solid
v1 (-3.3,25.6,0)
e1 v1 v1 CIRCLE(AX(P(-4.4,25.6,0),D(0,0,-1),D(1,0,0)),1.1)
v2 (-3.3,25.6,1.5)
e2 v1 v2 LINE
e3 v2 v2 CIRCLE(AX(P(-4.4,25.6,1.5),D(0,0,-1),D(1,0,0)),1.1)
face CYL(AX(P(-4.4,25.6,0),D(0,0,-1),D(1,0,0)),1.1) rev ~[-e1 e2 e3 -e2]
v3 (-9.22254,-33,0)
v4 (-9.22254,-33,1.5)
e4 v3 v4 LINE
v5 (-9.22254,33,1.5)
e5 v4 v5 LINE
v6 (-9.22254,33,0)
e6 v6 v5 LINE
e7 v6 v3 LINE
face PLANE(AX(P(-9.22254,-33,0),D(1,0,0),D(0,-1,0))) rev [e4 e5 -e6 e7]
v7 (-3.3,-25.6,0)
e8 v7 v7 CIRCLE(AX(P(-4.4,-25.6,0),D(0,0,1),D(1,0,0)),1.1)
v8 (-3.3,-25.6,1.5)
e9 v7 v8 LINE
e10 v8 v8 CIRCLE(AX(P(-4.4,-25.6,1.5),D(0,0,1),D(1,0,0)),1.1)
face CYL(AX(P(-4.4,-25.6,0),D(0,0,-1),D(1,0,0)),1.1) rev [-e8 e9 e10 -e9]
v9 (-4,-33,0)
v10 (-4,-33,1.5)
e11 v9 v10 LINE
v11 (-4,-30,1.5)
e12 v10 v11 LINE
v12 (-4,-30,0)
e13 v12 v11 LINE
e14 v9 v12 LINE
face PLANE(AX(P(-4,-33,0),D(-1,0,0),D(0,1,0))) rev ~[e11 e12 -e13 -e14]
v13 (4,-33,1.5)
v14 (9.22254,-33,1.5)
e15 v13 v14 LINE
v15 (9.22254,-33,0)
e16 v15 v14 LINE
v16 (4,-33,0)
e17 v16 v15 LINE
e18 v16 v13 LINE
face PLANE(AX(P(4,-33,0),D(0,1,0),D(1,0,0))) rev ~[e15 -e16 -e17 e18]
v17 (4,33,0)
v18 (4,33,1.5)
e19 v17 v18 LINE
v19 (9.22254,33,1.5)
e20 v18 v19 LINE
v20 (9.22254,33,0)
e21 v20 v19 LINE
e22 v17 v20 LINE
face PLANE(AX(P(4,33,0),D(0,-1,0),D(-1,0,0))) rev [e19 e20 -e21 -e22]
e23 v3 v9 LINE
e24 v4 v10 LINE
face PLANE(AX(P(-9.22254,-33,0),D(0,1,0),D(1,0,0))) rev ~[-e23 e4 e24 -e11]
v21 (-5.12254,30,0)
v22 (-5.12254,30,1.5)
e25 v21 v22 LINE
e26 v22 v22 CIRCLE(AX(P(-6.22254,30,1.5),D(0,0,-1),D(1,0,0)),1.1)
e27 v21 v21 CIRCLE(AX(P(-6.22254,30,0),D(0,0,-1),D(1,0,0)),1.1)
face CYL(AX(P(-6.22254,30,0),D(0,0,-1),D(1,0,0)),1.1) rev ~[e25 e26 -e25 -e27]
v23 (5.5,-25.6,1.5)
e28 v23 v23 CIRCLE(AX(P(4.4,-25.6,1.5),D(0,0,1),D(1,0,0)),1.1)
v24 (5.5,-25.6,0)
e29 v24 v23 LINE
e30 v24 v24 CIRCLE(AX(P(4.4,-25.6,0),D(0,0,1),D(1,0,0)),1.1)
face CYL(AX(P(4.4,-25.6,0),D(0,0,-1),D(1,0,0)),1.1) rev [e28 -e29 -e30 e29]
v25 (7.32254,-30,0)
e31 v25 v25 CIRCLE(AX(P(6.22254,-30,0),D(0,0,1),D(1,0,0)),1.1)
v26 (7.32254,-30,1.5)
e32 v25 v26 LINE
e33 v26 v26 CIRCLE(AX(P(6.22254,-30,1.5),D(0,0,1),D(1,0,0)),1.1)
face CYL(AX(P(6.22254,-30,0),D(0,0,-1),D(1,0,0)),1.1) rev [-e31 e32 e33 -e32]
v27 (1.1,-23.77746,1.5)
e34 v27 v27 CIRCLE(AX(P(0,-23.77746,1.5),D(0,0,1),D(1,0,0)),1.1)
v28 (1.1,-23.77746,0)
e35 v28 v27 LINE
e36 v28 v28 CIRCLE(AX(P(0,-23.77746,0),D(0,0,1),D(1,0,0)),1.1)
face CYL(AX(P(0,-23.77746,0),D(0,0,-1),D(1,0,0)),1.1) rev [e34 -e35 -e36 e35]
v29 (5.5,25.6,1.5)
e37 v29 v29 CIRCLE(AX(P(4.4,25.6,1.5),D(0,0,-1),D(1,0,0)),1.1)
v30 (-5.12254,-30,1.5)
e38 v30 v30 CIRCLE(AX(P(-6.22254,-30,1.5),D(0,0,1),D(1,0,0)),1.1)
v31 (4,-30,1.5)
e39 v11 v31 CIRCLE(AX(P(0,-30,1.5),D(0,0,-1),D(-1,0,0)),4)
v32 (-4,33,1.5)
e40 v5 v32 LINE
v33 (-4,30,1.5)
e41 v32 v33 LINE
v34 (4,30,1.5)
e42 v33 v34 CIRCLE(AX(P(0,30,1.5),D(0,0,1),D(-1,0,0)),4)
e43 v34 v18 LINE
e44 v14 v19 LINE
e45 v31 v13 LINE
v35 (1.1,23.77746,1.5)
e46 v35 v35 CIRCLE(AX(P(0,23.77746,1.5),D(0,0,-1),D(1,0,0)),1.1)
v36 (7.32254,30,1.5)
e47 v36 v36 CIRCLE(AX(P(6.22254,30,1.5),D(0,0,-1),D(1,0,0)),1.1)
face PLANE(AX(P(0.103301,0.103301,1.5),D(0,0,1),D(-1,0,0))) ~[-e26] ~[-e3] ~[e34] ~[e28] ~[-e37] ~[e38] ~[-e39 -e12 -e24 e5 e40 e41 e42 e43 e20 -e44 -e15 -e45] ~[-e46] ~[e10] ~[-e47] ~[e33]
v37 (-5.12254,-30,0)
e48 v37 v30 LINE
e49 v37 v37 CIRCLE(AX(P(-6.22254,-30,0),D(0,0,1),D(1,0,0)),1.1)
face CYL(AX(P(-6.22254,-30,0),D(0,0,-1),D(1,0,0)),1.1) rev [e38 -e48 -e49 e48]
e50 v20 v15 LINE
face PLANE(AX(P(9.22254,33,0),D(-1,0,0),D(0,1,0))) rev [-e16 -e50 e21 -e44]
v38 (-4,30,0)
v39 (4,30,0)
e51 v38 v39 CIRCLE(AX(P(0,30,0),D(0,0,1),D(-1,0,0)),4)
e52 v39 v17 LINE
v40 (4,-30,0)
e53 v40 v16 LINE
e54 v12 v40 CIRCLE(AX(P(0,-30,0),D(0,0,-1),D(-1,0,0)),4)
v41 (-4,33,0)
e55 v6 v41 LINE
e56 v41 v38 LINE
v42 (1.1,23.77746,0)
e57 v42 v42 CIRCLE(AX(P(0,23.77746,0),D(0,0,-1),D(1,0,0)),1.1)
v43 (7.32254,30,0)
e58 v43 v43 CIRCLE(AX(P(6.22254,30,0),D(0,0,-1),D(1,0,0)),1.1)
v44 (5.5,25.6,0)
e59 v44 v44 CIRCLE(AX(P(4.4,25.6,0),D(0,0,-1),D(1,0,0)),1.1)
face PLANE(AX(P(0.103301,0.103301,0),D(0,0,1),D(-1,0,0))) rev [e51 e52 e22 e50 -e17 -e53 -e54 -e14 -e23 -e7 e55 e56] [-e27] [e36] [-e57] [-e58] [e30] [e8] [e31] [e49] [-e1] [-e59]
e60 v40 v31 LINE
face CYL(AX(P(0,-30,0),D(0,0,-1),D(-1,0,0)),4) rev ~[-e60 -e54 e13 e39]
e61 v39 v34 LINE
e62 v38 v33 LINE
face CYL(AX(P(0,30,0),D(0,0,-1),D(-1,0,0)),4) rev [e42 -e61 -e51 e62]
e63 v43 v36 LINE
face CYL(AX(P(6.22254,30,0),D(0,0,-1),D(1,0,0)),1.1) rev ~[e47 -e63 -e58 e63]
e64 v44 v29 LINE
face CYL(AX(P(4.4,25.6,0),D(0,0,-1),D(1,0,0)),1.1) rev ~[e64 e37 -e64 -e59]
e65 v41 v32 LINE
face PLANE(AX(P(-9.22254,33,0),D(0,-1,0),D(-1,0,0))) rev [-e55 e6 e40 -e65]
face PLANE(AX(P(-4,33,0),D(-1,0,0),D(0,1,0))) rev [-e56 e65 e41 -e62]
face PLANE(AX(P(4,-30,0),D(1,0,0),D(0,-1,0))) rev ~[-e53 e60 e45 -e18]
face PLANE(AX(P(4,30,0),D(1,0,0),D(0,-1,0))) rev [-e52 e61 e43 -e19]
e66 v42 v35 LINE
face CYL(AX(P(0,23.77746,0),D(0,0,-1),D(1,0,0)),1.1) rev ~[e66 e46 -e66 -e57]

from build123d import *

# Parameters (mm, degrees)
F0_R     = 1.1
F1_DEPTH = 1.5
F2_R     = 1.1
F3_DEPTH = 1.5


with BuildPart() as f1:
    # F0 (on Top) → F1 (new body)
    with BuildSketch(Plane.XY):
        with BuildLine():
            Line((9.22254, 33), (-9.22254, 33))
            Line((-9.22254, 33), (-9.22254, -33))
            Line((-9.22254, -33), (-4, -33))
            Line((-4, -33), (-4, -30))
            ThreePointArc((-4, -30), (0, -26), (4, -30))
            Line((4, -30), (4, -33))
            Line((4, -33), (9.22254, -33))
            Line((9.22254, -33), (9.22254, 19.77746))
            Line((9.22254, 19.77746), (6.22254, 19.77746))
            ThreePointArc((6.22254, 19.77746), (2.22254, 23.77746), (6.22254, 27.77746))
            Line((6.22254, 27.77746), (9.22254, 27.77746))
            Line((9.22254, 27.77746), (9.22254, 33))
        make_face()
        with Locations((-6.22254, -30)):
            Circle(F0_R, mode=Mode.SUBTRACT)
        with Locations((-4.4, -25.6)):
            Circle(F0_R, mode=Mode.SUBTRACT)
        with Locations((4.4, -25.6)):
            Circle(F0_R, mode=Mode.SUBTRACT)
        with Locations((0, -23.77746)):
            Circle(F0_R, mode=Mode.SUBTRACT)
        with Locations((6.22254, -30)):
            Circle(F0_R, mode=Mode.SUBTRACT)
        with Locations((1.82254, 19.37746)):
            Circle(F0_R, mode=Mode.SUBTRACT)
        with Locations((0, 23.77746)):
            Circle(F0_R, mode=Mode.SUBTRACT)
        with Locations((1.82254, 28.17746)):
            Circle(F0_R, mode=Mode.SUBTRACT)
        with Locations((6.22254, 17.554921)):
            Circle(F0_R, mode=Mode.SUBTRACT)
        with Locations((6.22254, 30)):
            Circle(F0_R, mode=Mode.SUBTRACT)
    extrude(amount=F1_DEPTH)

    # F2 (on face) → F3 (cut, through all)
    with BuildSketch(Plane.XY.offset(1.5)):
        with BuildLine():
            Line((-9.22254, 0), (9.22254, 0))
            Line((9.22254, 0), (9.22254, 19.77746))
            Line((9.22254, 19.77746), (6.22254, 19.77746))
            ThreePointArc((6.22254, 19.77746), (2.22254, 23.77746), (6.22254, 27.77746))
            Line((6.22254, 27.77746), (9.22254, 27.77746))
            Line((9.22254, 27.77746), (9.22254, 33))
            Line((9.22254, 33), (-9.22254, 33))
            Line((-9.22254, 33), (-9.22254, 0))
        make_face()
        with Locations((1.82254, 19.37746)):
            Circle(F2_R, mode=Mode.SUBTRACT)
        with Locations((0, 23.77746)):
            Circle(F2_R, mode=Mode.SUBTRACT)
        with Locations((1.82254, 28.17746)):
            Circle(F2_R, mode=Mode.SUBTRACT)
        with Locations((6.22254, 17.554921)):
            Circle(F2_R, mode=Mode.SUBTRACT)
        with Locations((6.22254, 30)):
            Circle(F2_R, mode=Mode.SUBTRACT)
    extrude(amount=-F3_DEPTH, mode=Mode.SUBTRACT)

    # F4: F1 across plane


with BuildPart() as f1_1:
    add(f1.part)
    add(f1.part.mirror(Plane.XZ))


solid = f1_1.part
